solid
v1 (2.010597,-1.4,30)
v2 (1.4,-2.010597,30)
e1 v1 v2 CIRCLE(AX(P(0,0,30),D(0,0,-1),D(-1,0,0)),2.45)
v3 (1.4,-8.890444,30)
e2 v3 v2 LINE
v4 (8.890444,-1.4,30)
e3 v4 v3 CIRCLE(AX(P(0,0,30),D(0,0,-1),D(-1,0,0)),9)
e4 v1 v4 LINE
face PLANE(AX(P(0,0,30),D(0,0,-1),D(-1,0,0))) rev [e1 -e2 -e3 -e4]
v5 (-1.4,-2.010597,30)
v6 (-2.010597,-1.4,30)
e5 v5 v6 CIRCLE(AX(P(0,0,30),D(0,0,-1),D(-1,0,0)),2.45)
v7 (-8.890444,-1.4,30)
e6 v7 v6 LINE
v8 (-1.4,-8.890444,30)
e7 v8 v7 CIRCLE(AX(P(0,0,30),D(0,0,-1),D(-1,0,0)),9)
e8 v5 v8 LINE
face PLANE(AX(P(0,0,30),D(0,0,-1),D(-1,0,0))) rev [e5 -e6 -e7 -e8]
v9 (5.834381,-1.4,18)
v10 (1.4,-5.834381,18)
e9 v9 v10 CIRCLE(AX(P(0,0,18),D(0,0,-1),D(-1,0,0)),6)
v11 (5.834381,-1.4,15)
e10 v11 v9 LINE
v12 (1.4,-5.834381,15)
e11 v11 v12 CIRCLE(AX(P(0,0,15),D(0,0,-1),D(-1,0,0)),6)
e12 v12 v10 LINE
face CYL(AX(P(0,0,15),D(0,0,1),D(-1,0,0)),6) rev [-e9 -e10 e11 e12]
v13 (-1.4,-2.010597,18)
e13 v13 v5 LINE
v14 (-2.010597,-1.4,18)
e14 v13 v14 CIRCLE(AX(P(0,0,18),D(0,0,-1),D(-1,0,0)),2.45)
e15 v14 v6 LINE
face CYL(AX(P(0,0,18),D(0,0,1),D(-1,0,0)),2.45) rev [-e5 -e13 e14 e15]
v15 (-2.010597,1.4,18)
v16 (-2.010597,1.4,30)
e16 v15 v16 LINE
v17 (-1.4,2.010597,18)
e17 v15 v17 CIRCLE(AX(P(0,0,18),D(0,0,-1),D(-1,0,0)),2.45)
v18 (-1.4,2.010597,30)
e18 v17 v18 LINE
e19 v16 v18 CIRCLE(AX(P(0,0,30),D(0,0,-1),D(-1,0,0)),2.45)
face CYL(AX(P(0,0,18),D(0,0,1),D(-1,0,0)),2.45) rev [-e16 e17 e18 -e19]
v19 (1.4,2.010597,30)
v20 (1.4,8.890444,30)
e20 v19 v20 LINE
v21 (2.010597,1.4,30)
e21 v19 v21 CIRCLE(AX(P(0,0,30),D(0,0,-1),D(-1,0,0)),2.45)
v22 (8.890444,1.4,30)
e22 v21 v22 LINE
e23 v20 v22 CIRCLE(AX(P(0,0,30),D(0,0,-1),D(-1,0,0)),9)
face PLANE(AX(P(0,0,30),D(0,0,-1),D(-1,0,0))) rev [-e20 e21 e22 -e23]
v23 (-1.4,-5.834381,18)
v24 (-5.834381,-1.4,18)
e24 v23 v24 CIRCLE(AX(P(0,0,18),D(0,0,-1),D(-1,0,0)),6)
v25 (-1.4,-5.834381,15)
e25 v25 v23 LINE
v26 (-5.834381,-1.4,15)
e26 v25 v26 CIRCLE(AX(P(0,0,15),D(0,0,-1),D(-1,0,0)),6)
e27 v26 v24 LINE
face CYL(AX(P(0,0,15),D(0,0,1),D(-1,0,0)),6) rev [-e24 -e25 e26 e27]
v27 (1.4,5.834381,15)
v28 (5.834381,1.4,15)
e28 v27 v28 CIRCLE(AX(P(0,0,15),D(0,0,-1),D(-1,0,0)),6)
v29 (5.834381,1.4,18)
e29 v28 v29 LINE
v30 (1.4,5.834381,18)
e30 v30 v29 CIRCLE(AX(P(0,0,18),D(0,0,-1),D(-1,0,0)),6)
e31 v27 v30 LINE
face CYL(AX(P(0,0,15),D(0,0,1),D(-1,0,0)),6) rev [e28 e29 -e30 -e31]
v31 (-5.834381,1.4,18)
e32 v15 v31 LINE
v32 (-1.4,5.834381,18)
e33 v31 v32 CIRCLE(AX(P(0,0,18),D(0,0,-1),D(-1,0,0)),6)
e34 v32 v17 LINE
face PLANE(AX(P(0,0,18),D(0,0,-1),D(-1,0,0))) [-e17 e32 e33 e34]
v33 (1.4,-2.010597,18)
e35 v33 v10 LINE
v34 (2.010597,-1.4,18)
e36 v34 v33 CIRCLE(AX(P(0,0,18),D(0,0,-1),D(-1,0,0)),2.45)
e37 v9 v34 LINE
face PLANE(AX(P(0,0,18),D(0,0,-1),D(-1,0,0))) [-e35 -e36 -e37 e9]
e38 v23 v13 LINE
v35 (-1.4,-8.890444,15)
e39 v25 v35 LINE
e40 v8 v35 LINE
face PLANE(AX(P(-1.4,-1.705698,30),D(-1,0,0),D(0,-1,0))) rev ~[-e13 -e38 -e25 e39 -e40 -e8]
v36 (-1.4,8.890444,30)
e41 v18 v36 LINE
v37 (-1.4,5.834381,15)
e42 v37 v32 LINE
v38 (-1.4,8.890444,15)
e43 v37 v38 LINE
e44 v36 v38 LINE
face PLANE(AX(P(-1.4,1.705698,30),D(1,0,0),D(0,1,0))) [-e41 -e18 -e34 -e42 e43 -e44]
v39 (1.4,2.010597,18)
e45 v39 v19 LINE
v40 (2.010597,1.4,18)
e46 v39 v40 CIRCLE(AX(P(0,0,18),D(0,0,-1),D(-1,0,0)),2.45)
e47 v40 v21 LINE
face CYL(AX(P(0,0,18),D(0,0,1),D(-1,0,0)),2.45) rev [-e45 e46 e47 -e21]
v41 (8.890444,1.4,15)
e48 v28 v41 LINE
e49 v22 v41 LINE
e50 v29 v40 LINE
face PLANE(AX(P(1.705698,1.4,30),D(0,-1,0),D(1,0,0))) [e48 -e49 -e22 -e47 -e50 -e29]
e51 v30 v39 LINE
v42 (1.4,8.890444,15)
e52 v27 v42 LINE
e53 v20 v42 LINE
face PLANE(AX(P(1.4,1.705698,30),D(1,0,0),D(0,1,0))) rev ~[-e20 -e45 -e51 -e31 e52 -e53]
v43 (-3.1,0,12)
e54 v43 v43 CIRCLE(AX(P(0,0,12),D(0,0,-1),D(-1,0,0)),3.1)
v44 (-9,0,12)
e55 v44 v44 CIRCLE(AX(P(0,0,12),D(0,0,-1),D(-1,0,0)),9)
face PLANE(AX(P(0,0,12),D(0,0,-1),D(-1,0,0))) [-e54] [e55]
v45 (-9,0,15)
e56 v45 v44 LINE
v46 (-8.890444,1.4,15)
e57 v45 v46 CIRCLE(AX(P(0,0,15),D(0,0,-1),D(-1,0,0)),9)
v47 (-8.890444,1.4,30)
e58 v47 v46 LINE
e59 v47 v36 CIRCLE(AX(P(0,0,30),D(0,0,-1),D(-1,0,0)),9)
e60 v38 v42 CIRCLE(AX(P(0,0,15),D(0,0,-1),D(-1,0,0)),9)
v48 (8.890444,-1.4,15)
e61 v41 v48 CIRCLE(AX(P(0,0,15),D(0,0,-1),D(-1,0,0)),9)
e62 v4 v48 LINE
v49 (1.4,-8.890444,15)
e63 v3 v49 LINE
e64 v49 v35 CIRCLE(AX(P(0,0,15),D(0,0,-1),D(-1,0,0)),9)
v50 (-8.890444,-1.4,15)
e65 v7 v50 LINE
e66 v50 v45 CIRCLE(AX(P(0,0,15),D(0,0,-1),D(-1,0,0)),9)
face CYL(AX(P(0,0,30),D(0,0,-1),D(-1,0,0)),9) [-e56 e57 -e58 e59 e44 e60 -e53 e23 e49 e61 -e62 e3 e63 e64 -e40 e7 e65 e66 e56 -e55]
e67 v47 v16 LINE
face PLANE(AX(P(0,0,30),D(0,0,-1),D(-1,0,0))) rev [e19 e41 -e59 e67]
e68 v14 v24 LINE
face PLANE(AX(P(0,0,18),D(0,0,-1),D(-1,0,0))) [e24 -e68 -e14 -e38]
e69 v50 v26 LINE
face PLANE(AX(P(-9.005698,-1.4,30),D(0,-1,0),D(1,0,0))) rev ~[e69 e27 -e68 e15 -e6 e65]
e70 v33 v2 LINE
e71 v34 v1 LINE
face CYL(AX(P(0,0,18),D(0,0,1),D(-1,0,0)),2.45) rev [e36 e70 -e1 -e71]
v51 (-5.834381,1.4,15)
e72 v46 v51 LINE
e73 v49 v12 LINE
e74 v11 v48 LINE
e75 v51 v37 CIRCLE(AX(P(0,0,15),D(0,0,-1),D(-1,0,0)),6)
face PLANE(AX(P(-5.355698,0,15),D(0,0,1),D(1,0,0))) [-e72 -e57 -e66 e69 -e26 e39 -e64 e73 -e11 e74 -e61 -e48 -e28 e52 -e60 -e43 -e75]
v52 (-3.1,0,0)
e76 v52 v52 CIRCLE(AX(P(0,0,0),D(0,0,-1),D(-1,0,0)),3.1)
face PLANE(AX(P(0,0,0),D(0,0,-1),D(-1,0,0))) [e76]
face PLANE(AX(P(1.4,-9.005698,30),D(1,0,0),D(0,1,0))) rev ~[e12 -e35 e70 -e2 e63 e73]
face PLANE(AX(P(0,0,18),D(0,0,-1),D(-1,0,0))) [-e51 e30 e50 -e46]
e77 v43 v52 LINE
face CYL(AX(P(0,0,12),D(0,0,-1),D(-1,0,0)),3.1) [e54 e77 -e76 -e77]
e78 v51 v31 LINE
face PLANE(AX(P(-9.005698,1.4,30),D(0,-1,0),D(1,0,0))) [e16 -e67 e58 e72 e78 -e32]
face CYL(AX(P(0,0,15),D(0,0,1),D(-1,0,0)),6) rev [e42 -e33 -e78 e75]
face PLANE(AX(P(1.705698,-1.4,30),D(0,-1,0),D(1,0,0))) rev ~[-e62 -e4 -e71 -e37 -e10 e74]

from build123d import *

# Parameters (mm, degrees)
F2_W     = 2.8
F2_H     = 7.3
F2_W_2   = 7.3
F2_H_2   = 2.8
F3_DEPTH = 15


with BuildPart() as f1:
    # F0 (on Front) → F1 (revolve)
    with BuildSketch(Plane.XZ):
        Polygon((-3.1, 0), (0, 0), (0, 15), (-6, 15), (-6, 18), (-2.45, 18), (-2.45, 30), (-9, 30), (-9, 12), (-3.1, 12), align=None)
    revolve(axis=Axis((0, 0, 7.5), (0, 0, -1)))

    # F2 (on face) → F3 (cut)
    with BuildSketch(Plane.XY.offset(30)):
        with Locations((0, 5.355698)):
            Rectangle(F2_W, F2_H)
        Polygon((-1.4, -9.005698), (1.106452, -9.005698), (1.4, -9.005698), (1.4, -1.705698), (-1.4, -1.705698), align=None)
        with Locations((-5.355698, 0)):
            Rectangle(F2_W_2, F2_H_2)
        with Locations((5.355698, 0)):
            Rectangle(F2_W_2, F2_H_2)
    extrude(amount=-F3_DEPTH, mode=Mode.SUBTRACT)


solid = f1.part
